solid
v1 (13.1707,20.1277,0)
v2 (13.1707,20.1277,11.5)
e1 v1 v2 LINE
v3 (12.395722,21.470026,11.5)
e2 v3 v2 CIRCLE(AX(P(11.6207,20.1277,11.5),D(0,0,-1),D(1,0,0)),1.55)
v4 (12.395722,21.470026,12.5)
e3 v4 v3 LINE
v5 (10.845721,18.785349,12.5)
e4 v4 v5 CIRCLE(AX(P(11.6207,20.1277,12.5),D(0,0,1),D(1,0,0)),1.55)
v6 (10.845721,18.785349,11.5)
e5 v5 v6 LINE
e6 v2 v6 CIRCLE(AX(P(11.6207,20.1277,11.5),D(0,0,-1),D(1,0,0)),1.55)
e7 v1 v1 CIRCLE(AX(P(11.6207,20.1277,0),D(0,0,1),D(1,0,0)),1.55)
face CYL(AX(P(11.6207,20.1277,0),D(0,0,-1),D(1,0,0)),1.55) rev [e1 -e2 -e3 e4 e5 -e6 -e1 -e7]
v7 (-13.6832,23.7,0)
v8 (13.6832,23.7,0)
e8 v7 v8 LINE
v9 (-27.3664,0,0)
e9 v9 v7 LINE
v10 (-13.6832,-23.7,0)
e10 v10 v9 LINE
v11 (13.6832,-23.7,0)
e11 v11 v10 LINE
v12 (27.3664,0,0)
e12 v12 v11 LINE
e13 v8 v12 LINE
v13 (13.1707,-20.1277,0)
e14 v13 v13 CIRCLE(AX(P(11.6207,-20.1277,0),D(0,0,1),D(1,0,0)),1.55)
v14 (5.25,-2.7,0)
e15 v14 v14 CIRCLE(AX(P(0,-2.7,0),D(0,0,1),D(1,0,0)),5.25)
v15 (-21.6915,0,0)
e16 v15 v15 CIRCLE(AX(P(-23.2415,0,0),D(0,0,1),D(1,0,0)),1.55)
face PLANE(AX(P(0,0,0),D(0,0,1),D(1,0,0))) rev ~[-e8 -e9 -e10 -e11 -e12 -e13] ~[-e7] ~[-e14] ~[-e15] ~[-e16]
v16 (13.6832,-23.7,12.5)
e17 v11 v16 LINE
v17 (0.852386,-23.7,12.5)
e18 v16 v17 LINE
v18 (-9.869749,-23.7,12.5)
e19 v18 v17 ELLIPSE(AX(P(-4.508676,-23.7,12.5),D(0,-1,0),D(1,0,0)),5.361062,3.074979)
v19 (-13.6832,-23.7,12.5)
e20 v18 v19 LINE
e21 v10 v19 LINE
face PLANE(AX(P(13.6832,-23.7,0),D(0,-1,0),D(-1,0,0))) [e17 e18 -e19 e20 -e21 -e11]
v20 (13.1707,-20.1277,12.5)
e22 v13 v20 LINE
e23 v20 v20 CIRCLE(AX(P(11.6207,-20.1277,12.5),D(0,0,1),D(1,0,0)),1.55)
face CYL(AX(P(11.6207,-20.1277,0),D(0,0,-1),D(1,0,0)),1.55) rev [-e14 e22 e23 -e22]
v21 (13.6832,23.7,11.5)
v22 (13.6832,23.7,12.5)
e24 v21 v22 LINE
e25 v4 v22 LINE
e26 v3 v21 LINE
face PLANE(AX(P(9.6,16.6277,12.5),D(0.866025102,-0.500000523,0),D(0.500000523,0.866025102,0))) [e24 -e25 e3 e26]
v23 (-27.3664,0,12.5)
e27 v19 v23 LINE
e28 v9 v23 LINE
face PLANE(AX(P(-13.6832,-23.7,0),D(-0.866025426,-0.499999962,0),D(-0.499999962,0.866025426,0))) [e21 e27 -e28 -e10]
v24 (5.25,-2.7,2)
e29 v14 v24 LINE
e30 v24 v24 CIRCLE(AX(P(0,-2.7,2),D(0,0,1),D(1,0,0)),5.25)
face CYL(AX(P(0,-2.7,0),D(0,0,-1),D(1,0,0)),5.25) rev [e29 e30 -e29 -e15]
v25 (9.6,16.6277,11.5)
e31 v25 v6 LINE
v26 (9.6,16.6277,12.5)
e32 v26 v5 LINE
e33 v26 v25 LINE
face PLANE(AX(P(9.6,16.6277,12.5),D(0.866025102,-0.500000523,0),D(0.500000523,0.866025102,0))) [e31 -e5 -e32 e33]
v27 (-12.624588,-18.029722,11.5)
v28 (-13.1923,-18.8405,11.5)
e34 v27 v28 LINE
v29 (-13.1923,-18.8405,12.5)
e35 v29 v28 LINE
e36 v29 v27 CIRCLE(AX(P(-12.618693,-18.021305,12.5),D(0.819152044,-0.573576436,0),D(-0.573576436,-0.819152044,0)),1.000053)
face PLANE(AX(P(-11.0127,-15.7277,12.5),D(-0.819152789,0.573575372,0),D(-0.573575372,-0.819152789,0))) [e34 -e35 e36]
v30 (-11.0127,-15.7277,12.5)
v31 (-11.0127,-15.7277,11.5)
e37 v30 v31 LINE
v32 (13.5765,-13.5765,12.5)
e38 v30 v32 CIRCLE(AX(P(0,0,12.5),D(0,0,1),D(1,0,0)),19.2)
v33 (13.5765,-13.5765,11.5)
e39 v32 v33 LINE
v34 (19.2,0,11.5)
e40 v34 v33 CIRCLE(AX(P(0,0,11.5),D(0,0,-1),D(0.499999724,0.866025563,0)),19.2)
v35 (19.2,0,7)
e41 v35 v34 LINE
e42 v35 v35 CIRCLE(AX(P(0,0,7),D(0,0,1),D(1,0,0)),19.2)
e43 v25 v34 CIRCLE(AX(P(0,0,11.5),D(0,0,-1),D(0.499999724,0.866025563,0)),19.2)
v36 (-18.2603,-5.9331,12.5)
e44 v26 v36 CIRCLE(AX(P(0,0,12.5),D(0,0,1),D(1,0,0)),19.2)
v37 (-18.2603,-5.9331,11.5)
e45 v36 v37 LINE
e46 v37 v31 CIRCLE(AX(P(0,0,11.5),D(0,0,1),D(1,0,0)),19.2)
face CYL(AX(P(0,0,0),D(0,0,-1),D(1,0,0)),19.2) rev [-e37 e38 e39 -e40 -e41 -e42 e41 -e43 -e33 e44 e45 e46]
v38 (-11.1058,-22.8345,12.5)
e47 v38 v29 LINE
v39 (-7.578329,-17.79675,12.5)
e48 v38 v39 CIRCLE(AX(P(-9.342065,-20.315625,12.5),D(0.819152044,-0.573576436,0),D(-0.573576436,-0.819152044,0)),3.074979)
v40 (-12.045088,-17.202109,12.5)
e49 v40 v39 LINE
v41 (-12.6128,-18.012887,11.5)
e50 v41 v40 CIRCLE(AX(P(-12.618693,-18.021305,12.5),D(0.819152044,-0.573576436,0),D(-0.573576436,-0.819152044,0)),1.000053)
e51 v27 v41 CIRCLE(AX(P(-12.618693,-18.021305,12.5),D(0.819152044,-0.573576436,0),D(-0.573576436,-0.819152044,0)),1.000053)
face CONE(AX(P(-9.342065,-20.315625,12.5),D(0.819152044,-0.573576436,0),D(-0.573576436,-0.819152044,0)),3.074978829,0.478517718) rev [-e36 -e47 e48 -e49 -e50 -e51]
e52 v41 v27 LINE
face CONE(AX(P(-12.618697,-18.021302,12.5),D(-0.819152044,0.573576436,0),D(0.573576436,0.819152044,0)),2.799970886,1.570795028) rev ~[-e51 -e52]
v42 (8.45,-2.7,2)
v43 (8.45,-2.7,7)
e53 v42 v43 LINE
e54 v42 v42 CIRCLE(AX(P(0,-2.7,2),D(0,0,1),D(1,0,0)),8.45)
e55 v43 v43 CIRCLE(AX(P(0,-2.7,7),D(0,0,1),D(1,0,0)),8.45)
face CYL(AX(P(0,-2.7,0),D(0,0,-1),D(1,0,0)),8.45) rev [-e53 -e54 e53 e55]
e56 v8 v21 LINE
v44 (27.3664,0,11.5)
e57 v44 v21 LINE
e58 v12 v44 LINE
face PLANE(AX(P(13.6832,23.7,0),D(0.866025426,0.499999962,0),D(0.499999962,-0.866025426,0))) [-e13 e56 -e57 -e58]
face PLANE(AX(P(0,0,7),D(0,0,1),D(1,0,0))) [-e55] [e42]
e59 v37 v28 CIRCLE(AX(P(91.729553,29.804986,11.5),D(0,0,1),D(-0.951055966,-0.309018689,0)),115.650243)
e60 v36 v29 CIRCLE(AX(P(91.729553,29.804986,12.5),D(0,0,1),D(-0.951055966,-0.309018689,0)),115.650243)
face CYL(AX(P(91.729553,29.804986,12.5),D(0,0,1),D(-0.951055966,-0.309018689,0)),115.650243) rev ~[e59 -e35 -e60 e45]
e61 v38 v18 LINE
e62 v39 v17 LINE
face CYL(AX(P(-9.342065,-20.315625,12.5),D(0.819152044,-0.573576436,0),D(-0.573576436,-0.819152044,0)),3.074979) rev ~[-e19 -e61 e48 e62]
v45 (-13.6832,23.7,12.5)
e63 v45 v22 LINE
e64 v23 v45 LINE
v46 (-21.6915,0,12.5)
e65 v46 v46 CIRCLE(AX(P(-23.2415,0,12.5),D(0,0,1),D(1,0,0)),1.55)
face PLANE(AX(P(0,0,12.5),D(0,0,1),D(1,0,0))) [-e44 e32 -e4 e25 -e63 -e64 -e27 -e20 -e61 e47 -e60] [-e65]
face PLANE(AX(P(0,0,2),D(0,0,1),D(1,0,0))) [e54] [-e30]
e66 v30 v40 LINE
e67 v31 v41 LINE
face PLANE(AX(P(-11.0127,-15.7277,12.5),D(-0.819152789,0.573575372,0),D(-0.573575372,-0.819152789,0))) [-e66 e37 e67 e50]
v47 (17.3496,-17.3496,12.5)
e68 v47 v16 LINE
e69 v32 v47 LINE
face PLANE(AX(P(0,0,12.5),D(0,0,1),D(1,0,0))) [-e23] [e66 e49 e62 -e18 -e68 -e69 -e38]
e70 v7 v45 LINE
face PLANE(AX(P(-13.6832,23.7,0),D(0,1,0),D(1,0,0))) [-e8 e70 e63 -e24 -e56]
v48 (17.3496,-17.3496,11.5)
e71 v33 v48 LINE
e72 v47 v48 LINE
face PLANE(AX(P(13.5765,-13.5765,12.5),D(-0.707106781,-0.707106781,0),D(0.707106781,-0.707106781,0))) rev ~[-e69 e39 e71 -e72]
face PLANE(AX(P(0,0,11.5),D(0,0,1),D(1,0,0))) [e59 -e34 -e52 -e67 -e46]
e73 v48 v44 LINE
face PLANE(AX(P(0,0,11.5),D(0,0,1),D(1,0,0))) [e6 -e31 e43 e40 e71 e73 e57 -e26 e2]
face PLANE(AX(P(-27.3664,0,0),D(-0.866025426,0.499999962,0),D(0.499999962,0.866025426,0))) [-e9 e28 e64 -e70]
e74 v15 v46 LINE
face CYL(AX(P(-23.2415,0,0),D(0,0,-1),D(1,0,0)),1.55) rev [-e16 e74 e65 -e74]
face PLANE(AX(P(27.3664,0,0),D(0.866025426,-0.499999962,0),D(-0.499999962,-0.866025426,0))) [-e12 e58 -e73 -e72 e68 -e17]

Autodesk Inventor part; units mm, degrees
ref_plane "YZ Plane" through (0, 0, 0) normal (1, 0, 0) x (0, 1, 0)
ref_plane "XZ Plane" through (0, 0, 0) normal (0, 1, 0) x (-1, 0, 0)
sketch "Sketch1" plane through (0, 0, 0) normal (0, 0, 1) x (1, 0, 0)
  circle A0 centre (0, 0) radius 19.2
  line L0 (-13.6832, 23.7) -> (13.6832, 23.7)
  line L1 (13.6832, 23.7) -> (27.3664, 0)
  line L2 (27.3664, 0) -> (13.6832, -23.7)
  line L3 (13.6832, -23.7) -> (-13.6832, -23.7)
  line L4 (-13.6832, -23.7) -> (-27.3664, 0)
  line L5 (-27.3664, 0) -> (-13.6832, 23.7)
  circle A1 centre (11.6207, 20.1277) radius 1.55
  line L6 (0, 23.7) -> (0, 19.2) construction
  circle A2 centre (0, -2.7) radius 5.25
  circle A3 centre (0, -2.7) radius 8.45
  line L7 (11.6207, 20.1277) -> (9.6, 16.6277) construction
  circle A4 centre (-23.2415, 0) radius 1.55
  circle A5 centre (11.6207, -20.1277) radius 1.55
  point P0 (0, 21.45)
  point P1 (0, -19.2)
  dimension "d1" = 3.1
  dimension "d2" = 4.5
  dimension "d23" = 10.5
  dimension "d24" = 16.9
  dimension "d46" = 3.5
  dimension "d47" = -30
  dimension "d50" = 360
  dimension "d53" = 16.5
  dimension "d54" = 2.7
extrude "Extrusion1" add sketch "Sketch1" along normal blind 2 contours A3
extrude "Extrusion2" add sketch "Sketch1" along normal blind 7 contours A0
extrude "Extrusion3" add sketch "Sketch1" along normal blind 12.5 contours L0 L1 L2 L3 L4 L5
sketch "Sketch2" plane through (0, 0, 12.5) normal (0, 0, 1) x (1, 0, 0)
  circle A0 centre (0, 0) radius 19.2 projected
  line L0 (0, -19.2) -> (0, -23.7) construction
  line L1 (-13.6832, -23.7) -> (13.6832, -23.7) projected
  line L2 (-11.0127, -15.7277) -> (-14.9991, -21.4209) construction
  line L3 (-18.2603, -5.9331) -> (-23.0436, -7.4873) construction
  line L4 (9.6, 16.6277) -> (13.6832, 23.7)
  line L5 (13.5765, -13.5765) -> (17.3496, -17.3496)
  line L6 (13.6832, -23.7) -> (27.3664, 0) projected
  line L7 (27.3664, 0) -> (13.6832, 23.7) projected
  line L8 (-27.3664, 0) -> (-13.6832, -23.7) projected
  circle A1 centre (0, -2.7) radius 5.25 projected
  line L9 (-11.0127, -15.7277) -> (-13.1923, -18.8405)
  arc A2 (-18.2603, -5.9331) -> (-13.1923, -18.8405) centre (91.7215, 29.8021) ccw
  dimension "d15" = 35
  dimension "d16" = 72
  dimension "d18" = 150
  dimension "d19" = 45
  dimension "d45" = 3.8
extrude "Extrusion5" cut sketch "Sketch2" against normal blind 1 contours A0 L4 L7 L6 L5 | A0 L9 A2
ref_plane "Work Plane1" through (0, 0, 12.5) normal (0, 0, 1) x (1, 0, 0)
sketch "Sketch3" plane through (0, 0, 12.5) normal (0, 0, 1) x (1, 0, 0)
  line L0 (-11.0127, -15.7277) -> (-13.1923, -18.8405) projected
  line L1 (-12.1025, -17.2841) -> (-11.0127, -15.7277)
  line L2 (-12.6187, -18.0213) -> (7.041, -31.7872)
  line L3 (-11.1058, -22.8345) -> (5.2772, -34.3061)
  line L4 (-11.1058, -22.8345) -> (-13.1923, -18.8405)
  line L5 (5.2772, -34.3061) -> (7.041, -31.7872)
  point P0 (0, 0)
  point P1 (-11.5862, -16.5469)
  dimension "d36" = 6.15
  dimension "d39" = 4
  dimension "d41" = 20
  dimension "d43" = 2
revolve "Revolution1" cut sketch "Sketch3" angle 360 about axis through (-12.6187, -18.0213, 12.5) along (0.8192, -0.5736, 0)
properties part number "Case"
